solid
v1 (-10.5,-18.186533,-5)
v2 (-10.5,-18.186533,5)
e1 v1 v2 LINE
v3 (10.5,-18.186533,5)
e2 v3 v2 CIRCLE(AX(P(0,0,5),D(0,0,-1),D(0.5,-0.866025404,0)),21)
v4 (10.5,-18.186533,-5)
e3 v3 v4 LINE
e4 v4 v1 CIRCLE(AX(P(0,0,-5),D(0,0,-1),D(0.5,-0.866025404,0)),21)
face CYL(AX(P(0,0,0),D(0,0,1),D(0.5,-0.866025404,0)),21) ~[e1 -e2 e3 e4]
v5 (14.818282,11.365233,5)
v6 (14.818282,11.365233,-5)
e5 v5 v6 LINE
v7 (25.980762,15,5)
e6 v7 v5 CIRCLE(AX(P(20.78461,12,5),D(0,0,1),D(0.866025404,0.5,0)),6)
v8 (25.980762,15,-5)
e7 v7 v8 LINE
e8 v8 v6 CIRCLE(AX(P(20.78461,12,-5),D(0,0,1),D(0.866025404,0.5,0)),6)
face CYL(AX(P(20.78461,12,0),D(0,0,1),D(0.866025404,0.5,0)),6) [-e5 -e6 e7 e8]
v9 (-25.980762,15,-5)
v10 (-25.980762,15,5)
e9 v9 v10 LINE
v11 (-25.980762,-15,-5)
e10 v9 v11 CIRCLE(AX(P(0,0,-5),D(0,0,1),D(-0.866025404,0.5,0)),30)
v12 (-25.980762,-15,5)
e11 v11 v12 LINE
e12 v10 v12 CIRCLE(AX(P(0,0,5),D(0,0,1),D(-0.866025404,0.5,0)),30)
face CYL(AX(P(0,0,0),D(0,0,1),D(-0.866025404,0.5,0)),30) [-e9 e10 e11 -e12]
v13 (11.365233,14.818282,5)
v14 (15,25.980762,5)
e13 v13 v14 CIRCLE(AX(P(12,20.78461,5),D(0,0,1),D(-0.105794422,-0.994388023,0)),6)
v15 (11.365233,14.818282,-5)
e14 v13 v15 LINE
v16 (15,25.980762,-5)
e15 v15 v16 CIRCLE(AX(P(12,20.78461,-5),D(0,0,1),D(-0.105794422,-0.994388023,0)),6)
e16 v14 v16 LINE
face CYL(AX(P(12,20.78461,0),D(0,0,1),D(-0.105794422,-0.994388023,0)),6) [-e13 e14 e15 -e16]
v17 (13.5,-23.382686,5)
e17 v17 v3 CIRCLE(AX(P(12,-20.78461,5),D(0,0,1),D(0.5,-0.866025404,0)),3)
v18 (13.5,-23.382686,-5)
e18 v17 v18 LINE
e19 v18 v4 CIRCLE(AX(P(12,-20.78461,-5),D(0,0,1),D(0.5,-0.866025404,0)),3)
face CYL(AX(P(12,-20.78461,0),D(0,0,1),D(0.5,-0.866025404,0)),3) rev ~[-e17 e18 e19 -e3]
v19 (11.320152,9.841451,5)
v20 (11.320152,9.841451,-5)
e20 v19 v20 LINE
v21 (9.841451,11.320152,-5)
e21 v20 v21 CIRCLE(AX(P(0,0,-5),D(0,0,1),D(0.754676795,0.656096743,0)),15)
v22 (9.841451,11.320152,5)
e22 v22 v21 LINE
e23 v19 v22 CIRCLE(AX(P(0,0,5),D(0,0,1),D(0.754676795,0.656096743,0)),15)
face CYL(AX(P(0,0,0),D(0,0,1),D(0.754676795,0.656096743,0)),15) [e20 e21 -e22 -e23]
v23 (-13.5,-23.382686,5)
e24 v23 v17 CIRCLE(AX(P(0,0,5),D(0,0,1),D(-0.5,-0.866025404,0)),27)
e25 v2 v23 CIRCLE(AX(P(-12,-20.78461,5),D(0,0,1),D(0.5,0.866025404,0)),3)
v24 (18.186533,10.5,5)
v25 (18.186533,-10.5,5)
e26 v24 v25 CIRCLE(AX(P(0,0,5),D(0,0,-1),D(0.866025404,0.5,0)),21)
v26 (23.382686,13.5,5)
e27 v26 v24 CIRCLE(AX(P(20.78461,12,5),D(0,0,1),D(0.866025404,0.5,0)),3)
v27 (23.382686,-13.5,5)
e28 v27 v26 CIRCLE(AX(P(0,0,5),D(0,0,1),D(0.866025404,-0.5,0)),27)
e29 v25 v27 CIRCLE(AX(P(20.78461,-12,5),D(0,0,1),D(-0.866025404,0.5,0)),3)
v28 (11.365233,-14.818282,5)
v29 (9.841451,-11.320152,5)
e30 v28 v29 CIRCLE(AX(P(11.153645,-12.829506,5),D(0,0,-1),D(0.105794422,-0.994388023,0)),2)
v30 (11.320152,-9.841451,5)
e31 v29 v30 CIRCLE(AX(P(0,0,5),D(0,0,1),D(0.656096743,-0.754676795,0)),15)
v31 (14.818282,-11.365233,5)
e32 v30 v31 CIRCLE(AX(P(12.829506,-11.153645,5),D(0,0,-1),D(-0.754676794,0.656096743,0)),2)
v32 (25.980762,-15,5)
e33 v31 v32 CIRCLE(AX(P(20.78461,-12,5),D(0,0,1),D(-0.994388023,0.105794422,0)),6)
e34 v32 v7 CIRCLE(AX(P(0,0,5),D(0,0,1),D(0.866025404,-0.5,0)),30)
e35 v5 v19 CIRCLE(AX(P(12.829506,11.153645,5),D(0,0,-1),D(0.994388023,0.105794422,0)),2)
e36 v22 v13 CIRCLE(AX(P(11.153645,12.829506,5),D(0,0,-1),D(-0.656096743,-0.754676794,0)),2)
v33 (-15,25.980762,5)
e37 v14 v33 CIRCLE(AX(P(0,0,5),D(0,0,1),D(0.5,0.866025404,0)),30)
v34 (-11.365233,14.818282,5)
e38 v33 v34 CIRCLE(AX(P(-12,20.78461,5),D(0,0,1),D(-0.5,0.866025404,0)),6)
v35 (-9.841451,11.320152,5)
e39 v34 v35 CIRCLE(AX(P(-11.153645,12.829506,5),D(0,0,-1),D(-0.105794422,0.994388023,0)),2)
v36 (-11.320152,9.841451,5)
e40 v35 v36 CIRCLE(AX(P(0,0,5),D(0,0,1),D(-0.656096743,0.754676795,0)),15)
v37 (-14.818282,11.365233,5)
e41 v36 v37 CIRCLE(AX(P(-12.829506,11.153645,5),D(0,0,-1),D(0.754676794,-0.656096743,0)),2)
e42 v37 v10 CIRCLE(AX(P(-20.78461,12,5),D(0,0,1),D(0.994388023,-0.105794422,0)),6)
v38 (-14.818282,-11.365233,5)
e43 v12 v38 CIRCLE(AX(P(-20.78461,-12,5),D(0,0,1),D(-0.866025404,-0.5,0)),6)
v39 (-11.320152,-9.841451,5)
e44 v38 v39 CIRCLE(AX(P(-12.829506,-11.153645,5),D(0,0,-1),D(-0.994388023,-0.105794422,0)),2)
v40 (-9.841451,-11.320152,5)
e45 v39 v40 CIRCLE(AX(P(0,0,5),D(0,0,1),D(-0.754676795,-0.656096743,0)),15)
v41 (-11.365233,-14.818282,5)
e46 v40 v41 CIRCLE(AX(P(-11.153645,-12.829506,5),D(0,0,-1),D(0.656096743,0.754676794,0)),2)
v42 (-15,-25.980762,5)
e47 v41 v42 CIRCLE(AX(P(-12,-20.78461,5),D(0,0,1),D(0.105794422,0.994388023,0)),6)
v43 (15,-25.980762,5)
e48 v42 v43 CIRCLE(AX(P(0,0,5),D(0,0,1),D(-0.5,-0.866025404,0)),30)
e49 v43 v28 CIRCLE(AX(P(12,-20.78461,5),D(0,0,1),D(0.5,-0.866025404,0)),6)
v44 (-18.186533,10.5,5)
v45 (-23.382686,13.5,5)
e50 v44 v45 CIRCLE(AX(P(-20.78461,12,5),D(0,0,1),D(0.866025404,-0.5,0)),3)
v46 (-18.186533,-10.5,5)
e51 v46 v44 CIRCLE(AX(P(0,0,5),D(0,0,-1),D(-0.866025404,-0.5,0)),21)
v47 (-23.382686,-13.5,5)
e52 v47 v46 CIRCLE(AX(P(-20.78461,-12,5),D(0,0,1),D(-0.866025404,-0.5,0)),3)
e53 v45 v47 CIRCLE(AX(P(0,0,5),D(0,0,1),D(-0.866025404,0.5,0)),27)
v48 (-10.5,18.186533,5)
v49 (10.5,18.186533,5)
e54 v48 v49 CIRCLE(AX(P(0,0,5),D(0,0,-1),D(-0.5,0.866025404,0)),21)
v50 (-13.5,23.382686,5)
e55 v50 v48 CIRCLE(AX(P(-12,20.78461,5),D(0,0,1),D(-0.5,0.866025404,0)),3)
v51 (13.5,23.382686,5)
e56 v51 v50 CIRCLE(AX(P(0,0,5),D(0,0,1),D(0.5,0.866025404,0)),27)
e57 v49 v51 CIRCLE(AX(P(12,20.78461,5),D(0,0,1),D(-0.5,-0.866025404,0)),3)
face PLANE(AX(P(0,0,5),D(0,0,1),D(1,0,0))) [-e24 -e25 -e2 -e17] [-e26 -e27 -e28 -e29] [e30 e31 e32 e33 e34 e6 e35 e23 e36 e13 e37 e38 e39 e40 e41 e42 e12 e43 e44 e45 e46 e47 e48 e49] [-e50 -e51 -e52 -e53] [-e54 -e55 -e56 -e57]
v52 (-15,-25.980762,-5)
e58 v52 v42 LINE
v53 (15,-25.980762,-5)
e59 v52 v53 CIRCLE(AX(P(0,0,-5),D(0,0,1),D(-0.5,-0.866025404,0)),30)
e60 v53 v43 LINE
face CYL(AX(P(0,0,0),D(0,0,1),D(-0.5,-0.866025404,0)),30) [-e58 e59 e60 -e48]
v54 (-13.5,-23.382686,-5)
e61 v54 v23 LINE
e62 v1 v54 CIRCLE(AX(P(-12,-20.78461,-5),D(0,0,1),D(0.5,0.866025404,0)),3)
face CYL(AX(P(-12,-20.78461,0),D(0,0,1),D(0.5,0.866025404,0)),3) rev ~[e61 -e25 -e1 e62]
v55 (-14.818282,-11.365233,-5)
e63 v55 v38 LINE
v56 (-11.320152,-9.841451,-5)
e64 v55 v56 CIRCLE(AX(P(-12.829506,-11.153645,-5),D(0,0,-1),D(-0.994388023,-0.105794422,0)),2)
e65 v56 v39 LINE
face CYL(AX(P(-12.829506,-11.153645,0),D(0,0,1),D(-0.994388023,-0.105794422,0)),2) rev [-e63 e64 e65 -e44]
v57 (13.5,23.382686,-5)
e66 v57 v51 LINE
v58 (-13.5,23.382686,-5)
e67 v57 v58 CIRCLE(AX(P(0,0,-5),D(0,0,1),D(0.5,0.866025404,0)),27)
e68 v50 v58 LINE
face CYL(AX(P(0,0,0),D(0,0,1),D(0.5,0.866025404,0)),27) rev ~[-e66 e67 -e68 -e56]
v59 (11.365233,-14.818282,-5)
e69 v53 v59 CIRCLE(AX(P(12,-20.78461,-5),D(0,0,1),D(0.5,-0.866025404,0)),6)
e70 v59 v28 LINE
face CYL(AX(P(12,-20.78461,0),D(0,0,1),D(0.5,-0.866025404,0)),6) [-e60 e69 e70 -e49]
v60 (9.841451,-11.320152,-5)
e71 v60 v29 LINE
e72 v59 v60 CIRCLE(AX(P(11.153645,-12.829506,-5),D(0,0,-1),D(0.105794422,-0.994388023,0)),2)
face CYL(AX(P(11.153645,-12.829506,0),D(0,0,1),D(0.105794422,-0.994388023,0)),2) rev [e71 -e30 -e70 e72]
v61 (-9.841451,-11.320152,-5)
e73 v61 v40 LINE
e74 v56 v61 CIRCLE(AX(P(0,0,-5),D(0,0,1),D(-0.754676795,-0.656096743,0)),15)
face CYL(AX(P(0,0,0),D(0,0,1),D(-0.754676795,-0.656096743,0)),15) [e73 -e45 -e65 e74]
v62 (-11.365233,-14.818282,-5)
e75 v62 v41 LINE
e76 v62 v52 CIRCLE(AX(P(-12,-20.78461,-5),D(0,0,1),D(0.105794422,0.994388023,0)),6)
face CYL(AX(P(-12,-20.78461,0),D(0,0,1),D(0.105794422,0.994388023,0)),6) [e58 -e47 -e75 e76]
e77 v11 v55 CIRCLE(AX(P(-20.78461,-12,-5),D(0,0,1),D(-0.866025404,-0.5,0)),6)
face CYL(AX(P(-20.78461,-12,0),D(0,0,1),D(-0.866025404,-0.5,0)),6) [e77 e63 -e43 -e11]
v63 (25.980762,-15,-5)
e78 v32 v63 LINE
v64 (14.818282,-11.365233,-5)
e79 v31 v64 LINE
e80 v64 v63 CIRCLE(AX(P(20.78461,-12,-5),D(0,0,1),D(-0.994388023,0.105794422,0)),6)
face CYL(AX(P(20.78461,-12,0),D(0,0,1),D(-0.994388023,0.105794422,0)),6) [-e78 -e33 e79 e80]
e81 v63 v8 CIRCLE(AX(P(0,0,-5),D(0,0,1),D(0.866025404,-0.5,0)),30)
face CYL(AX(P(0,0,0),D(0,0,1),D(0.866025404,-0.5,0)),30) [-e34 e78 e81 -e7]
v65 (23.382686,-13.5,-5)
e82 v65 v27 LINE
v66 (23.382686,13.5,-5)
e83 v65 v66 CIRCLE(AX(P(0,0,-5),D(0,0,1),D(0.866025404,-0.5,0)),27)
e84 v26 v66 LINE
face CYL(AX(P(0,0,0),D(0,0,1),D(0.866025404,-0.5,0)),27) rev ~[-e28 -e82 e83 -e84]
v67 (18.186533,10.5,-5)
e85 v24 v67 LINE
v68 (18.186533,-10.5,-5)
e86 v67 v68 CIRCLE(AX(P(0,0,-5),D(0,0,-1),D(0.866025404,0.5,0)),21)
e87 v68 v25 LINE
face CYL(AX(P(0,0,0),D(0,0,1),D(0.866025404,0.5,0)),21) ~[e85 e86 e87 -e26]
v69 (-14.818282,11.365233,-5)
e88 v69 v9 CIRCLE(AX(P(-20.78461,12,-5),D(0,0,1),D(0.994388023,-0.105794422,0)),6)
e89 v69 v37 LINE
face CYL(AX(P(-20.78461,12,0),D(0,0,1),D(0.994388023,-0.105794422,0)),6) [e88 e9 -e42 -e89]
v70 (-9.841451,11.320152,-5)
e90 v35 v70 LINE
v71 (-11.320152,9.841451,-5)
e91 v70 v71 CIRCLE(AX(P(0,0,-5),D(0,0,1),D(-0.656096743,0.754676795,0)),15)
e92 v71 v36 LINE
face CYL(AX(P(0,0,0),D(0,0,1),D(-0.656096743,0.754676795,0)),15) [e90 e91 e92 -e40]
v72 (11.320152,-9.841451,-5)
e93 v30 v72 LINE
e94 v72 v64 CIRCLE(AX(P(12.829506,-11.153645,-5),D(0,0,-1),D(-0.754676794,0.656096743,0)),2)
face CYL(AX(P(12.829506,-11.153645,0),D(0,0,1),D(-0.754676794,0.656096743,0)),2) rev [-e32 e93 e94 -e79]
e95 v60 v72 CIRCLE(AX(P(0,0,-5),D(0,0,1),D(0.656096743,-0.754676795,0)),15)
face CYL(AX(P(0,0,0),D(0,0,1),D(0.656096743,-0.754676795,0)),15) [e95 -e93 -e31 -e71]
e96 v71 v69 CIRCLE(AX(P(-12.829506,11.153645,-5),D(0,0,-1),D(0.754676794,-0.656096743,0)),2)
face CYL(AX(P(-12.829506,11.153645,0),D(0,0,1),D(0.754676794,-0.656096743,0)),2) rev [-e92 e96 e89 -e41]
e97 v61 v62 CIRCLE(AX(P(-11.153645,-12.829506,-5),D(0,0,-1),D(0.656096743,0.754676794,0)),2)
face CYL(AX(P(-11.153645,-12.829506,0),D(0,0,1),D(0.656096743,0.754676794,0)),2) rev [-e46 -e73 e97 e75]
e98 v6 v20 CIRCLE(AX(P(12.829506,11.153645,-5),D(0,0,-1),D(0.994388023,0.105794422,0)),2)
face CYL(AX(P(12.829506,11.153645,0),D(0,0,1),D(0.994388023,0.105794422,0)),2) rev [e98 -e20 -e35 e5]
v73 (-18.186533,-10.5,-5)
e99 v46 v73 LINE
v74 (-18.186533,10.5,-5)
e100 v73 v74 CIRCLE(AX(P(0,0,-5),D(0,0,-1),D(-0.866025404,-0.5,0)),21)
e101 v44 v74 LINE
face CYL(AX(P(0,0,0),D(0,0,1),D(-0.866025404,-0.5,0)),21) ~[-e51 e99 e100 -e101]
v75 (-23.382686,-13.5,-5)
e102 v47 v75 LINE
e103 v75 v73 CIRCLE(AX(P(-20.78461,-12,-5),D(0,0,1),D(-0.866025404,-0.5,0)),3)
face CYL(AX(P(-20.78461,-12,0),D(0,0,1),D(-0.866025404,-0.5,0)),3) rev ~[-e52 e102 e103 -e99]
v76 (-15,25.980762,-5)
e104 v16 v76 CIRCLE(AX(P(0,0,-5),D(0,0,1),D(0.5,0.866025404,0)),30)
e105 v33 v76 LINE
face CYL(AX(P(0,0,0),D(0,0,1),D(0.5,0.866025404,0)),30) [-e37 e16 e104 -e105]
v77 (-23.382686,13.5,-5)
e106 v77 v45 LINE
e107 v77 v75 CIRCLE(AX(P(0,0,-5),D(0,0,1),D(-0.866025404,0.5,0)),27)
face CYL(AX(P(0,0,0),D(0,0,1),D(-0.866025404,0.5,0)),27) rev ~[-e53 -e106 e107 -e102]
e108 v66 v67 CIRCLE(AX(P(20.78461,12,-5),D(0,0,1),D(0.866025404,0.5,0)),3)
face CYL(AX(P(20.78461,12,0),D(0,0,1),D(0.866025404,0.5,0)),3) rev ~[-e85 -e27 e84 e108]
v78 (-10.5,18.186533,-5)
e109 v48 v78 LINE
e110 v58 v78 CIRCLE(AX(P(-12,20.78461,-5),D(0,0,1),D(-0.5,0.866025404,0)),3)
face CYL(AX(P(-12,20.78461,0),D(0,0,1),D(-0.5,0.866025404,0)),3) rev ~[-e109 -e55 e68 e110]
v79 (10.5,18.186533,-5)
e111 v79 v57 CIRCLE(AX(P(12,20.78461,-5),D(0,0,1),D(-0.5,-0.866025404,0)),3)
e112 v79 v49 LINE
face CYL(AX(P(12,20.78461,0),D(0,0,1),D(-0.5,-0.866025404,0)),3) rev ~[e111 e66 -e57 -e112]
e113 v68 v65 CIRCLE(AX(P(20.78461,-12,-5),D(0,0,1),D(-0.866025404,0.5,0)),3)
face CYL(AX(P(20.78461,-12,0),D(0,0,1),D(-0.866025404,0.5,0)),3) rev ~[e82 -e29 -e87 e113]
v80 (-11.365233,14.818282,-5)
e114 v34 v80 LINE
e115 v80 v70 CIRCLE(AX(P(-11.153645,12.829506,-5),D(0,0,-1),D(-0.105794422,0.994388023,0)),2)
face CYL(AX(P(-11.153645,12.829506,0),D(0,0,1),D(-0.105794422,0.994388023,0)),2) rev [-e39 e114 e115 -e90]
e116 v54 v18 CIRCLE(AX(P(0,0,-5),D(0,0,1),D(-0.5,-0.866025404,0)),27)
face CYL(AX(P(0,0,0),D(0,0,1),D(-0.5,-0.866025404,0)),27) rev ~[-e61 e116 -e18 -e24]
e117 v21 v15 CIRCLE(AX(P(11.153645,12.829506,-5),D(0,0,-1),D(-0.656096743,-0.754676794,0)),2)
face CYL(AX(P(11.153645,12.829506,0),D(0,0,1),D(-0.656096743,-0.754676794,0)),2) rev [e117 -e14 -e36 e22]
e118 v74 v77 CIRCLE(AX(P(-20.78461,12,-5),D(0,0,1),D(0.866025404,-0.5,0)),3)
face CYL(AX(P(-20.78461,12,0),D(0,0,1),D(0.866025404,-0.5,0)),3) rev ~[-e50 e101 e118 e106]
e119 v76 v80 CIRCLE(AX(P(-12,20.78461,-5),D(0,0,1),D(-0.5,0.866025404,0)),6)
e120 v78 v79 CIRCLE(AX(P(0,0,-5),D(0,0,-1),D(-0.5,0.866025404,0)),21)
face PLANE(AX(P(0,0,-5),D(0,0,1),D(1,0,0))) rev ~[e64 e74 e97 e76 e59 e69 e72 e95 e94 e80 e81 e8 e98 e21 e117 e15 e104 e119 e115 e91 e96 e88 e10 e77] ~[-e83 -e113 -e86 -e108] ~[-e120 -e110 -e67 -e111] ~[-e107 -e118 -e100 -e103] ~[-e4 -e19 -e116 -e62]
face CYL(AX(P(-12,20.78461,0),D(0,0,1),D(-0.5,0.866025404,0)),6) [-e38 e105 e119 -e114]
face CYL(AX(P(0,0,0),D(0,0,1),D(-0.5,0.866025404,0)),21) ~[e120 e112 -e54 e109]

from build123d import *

# Parameters (mm, degrees)
BOSS_EXTRUDE1_DEPTH = 5


with BuildPart() as part:
    # Sketch1 → Boss-Extrude1 (new, symmetric)
    with BuildSketch(Plane.XY):
        with BuildLine():
            ThreePointArc((-9.841451141, 11.320151918), (-10.606601718, 10.606601718), (-11.320151918, 9.841451141))
            ThreePointArc((-11.320151918, 9.841451141), (-13.628216731, 9.32005242), (-14.818281553, 11.36523347))
            ThreePointArc((-14.818281553, 11.36523347), (-18.926875967, 17.70515779), (-25.980762114, 15))
            ThreePointArc((-25.980762114, 15), (-30, 0), (-25.980762114, -15))
            ThreePointArc((-25.980762114, -15), (-18.926875967, -17.70515779), (-14.818281553, -11.36523347))
            ThreePointArc((-14.818281553, -11.36523347), (-13.628216731, -9.32005242), (-11.320151918, -9.841451141))
            ThreePointArc((-11.320151918, -9.841451141), (-10.606601718, -10.606601718), (-9.841451141, -11.320151918))
            ThreePointArc((-9.841451141, -11.320151918), (-9.32005242, -13.628216731), (-11.36523347, -14.818281553))
            ThreePointArc((-11.36523347, -14.818281553), (-17.70515779, -18.926875967), (-15, -25.980762114))
            ThreePointArc((-15, -25.980762114), (0, -30), (15, -25.980762114))
            ThreePointArc((15, -25.980762114), (17.70515779, -18.926875967), (11.36523347, -14.818281553))
            ThreePointArc((11.36523347, -14.818281553), (9.32005242, -13.628216731), (9.841451141, -11.320151918))
            ThreePointArc((9.841451141, -11.320151918), (10.606601718, -10.606601718), (11.320151918, -9.841451141))
            ThreePointArc((11.320151918, -9.841451141), (13.628216731, -9.32005242), (14.818281553, -11.36523347))
            ThreePointArc((14.818281553, -11.36523347), (18.926875967, -17.70515779), (25.980762114, -15))
            ThreePointArc((25.980762114, -15), (30, 0), (25.980762114, 15))
            ThreePointArc((25.980762114, 15), (18.926875967, 17.70515779), (14.818281553, 11.36523347))
            ThreePointArc((14.818281553, 11.36523347), (13.628216731, 9.32005242), (11.320151918, 9.841451141))
            ThreePointArc((11.320151918, 9.841451141), (10.606601718, 10.606601718), (9.841451141, 11.320151918))
            ThreePointArc((9.841451141, 11.320151918), (9.32005242, 13.628216731), (11.36523347, 14.818281553))
            ThreePointArc((11.36523347, 14.818281553), (17.70515779, 18.926875967), (15, 25.980762114))
            ThreePointArc((15, 25.980762114), (0, 30), (-15, 25.980762114))
            ThreePointArc((-15, 25.980762114), (-17.70515779, 18.926875967), (-11.36523347, 14.818281553))
            ThreePointArc((-11.36523347, 14.818281553), (-9.32005242, 13.628216731), (-9.841451141, 11.320151918))
        make_face()
        with BuildLine():
            ThreePointArc((13.5, 23.382685902), (0, 27), (-13.5, 23.382685902))
            ThreePointArc((-13.5, 23.382685902), (-14.598076211, 19.284609691), (-10.5, 18.186533479))
            ThreePointArc((-10.5, 18.186533479), (0, 21), (10.5, 18.186533479))
            ThreePointArc((10.5, 18.186533479), (14.598076211, 19.284609691), (13.5, 23.382685902))
        make_face(mode=Mode.SUBTRACT)
        with BuildLine():
            ThreePointArc((23.382685902, -13.5), (27, 0), (23.382685902, 13.5))
            ThreePointArc((23.382685902, 13.5), (19.284609691, 14.598076211), (18.186533479, 10.5))
            ThreePointArc((18.186533479, 10.5), (21, 0), (18.186533479, -10.5))
            ThreePointArc((18.186533479, -10.5), (19.284609691, -14.598076211), (23.382685902, -13.5))
        make_face(mode=Mode.SUBTRACT)
        with BuildLine():
            ThreePointArc((-13.5, -23.382685902), (0, -27), (13.5, -23.382685902))
            ThreePointArc((13.5, -23.382685902), (14.598076211, -19.284609691), (10.5, -18.186533479))
            ThreePointArc((10.5, -18.186533479), (0, -21), (-10.5, -18.186533479))
            ThreePointArc((-10.5, -18.186533479), (-14.598076211, -19.284609691), (-13.5, -23.382685902))
        make_face(mode=Mode.SUBTRACT)
        with BuildLine():
            ThreePointArc((-23.382685902, 13.5), (-27, 0), (-23.382685902, -13.5))
            ThreePointArc((-23.382685902, -13.5), (-19.284609691, -14.598076211), (-18.186533479, -10.5))
            ThreePointArc((-18.186533479, -10.5), (-21, 0), (-18.186533479, 10.5))
            ThreePointArc((-18.186533479, 10.5), (-19.284609691, 14.598076211), (-23.382685902, 13.5))
        make_face(mode=Mode.SUBTRACT)
    extrude(amount=BOSS_EXTRUDE1_DEPTH, both=True)


solid = part.part
